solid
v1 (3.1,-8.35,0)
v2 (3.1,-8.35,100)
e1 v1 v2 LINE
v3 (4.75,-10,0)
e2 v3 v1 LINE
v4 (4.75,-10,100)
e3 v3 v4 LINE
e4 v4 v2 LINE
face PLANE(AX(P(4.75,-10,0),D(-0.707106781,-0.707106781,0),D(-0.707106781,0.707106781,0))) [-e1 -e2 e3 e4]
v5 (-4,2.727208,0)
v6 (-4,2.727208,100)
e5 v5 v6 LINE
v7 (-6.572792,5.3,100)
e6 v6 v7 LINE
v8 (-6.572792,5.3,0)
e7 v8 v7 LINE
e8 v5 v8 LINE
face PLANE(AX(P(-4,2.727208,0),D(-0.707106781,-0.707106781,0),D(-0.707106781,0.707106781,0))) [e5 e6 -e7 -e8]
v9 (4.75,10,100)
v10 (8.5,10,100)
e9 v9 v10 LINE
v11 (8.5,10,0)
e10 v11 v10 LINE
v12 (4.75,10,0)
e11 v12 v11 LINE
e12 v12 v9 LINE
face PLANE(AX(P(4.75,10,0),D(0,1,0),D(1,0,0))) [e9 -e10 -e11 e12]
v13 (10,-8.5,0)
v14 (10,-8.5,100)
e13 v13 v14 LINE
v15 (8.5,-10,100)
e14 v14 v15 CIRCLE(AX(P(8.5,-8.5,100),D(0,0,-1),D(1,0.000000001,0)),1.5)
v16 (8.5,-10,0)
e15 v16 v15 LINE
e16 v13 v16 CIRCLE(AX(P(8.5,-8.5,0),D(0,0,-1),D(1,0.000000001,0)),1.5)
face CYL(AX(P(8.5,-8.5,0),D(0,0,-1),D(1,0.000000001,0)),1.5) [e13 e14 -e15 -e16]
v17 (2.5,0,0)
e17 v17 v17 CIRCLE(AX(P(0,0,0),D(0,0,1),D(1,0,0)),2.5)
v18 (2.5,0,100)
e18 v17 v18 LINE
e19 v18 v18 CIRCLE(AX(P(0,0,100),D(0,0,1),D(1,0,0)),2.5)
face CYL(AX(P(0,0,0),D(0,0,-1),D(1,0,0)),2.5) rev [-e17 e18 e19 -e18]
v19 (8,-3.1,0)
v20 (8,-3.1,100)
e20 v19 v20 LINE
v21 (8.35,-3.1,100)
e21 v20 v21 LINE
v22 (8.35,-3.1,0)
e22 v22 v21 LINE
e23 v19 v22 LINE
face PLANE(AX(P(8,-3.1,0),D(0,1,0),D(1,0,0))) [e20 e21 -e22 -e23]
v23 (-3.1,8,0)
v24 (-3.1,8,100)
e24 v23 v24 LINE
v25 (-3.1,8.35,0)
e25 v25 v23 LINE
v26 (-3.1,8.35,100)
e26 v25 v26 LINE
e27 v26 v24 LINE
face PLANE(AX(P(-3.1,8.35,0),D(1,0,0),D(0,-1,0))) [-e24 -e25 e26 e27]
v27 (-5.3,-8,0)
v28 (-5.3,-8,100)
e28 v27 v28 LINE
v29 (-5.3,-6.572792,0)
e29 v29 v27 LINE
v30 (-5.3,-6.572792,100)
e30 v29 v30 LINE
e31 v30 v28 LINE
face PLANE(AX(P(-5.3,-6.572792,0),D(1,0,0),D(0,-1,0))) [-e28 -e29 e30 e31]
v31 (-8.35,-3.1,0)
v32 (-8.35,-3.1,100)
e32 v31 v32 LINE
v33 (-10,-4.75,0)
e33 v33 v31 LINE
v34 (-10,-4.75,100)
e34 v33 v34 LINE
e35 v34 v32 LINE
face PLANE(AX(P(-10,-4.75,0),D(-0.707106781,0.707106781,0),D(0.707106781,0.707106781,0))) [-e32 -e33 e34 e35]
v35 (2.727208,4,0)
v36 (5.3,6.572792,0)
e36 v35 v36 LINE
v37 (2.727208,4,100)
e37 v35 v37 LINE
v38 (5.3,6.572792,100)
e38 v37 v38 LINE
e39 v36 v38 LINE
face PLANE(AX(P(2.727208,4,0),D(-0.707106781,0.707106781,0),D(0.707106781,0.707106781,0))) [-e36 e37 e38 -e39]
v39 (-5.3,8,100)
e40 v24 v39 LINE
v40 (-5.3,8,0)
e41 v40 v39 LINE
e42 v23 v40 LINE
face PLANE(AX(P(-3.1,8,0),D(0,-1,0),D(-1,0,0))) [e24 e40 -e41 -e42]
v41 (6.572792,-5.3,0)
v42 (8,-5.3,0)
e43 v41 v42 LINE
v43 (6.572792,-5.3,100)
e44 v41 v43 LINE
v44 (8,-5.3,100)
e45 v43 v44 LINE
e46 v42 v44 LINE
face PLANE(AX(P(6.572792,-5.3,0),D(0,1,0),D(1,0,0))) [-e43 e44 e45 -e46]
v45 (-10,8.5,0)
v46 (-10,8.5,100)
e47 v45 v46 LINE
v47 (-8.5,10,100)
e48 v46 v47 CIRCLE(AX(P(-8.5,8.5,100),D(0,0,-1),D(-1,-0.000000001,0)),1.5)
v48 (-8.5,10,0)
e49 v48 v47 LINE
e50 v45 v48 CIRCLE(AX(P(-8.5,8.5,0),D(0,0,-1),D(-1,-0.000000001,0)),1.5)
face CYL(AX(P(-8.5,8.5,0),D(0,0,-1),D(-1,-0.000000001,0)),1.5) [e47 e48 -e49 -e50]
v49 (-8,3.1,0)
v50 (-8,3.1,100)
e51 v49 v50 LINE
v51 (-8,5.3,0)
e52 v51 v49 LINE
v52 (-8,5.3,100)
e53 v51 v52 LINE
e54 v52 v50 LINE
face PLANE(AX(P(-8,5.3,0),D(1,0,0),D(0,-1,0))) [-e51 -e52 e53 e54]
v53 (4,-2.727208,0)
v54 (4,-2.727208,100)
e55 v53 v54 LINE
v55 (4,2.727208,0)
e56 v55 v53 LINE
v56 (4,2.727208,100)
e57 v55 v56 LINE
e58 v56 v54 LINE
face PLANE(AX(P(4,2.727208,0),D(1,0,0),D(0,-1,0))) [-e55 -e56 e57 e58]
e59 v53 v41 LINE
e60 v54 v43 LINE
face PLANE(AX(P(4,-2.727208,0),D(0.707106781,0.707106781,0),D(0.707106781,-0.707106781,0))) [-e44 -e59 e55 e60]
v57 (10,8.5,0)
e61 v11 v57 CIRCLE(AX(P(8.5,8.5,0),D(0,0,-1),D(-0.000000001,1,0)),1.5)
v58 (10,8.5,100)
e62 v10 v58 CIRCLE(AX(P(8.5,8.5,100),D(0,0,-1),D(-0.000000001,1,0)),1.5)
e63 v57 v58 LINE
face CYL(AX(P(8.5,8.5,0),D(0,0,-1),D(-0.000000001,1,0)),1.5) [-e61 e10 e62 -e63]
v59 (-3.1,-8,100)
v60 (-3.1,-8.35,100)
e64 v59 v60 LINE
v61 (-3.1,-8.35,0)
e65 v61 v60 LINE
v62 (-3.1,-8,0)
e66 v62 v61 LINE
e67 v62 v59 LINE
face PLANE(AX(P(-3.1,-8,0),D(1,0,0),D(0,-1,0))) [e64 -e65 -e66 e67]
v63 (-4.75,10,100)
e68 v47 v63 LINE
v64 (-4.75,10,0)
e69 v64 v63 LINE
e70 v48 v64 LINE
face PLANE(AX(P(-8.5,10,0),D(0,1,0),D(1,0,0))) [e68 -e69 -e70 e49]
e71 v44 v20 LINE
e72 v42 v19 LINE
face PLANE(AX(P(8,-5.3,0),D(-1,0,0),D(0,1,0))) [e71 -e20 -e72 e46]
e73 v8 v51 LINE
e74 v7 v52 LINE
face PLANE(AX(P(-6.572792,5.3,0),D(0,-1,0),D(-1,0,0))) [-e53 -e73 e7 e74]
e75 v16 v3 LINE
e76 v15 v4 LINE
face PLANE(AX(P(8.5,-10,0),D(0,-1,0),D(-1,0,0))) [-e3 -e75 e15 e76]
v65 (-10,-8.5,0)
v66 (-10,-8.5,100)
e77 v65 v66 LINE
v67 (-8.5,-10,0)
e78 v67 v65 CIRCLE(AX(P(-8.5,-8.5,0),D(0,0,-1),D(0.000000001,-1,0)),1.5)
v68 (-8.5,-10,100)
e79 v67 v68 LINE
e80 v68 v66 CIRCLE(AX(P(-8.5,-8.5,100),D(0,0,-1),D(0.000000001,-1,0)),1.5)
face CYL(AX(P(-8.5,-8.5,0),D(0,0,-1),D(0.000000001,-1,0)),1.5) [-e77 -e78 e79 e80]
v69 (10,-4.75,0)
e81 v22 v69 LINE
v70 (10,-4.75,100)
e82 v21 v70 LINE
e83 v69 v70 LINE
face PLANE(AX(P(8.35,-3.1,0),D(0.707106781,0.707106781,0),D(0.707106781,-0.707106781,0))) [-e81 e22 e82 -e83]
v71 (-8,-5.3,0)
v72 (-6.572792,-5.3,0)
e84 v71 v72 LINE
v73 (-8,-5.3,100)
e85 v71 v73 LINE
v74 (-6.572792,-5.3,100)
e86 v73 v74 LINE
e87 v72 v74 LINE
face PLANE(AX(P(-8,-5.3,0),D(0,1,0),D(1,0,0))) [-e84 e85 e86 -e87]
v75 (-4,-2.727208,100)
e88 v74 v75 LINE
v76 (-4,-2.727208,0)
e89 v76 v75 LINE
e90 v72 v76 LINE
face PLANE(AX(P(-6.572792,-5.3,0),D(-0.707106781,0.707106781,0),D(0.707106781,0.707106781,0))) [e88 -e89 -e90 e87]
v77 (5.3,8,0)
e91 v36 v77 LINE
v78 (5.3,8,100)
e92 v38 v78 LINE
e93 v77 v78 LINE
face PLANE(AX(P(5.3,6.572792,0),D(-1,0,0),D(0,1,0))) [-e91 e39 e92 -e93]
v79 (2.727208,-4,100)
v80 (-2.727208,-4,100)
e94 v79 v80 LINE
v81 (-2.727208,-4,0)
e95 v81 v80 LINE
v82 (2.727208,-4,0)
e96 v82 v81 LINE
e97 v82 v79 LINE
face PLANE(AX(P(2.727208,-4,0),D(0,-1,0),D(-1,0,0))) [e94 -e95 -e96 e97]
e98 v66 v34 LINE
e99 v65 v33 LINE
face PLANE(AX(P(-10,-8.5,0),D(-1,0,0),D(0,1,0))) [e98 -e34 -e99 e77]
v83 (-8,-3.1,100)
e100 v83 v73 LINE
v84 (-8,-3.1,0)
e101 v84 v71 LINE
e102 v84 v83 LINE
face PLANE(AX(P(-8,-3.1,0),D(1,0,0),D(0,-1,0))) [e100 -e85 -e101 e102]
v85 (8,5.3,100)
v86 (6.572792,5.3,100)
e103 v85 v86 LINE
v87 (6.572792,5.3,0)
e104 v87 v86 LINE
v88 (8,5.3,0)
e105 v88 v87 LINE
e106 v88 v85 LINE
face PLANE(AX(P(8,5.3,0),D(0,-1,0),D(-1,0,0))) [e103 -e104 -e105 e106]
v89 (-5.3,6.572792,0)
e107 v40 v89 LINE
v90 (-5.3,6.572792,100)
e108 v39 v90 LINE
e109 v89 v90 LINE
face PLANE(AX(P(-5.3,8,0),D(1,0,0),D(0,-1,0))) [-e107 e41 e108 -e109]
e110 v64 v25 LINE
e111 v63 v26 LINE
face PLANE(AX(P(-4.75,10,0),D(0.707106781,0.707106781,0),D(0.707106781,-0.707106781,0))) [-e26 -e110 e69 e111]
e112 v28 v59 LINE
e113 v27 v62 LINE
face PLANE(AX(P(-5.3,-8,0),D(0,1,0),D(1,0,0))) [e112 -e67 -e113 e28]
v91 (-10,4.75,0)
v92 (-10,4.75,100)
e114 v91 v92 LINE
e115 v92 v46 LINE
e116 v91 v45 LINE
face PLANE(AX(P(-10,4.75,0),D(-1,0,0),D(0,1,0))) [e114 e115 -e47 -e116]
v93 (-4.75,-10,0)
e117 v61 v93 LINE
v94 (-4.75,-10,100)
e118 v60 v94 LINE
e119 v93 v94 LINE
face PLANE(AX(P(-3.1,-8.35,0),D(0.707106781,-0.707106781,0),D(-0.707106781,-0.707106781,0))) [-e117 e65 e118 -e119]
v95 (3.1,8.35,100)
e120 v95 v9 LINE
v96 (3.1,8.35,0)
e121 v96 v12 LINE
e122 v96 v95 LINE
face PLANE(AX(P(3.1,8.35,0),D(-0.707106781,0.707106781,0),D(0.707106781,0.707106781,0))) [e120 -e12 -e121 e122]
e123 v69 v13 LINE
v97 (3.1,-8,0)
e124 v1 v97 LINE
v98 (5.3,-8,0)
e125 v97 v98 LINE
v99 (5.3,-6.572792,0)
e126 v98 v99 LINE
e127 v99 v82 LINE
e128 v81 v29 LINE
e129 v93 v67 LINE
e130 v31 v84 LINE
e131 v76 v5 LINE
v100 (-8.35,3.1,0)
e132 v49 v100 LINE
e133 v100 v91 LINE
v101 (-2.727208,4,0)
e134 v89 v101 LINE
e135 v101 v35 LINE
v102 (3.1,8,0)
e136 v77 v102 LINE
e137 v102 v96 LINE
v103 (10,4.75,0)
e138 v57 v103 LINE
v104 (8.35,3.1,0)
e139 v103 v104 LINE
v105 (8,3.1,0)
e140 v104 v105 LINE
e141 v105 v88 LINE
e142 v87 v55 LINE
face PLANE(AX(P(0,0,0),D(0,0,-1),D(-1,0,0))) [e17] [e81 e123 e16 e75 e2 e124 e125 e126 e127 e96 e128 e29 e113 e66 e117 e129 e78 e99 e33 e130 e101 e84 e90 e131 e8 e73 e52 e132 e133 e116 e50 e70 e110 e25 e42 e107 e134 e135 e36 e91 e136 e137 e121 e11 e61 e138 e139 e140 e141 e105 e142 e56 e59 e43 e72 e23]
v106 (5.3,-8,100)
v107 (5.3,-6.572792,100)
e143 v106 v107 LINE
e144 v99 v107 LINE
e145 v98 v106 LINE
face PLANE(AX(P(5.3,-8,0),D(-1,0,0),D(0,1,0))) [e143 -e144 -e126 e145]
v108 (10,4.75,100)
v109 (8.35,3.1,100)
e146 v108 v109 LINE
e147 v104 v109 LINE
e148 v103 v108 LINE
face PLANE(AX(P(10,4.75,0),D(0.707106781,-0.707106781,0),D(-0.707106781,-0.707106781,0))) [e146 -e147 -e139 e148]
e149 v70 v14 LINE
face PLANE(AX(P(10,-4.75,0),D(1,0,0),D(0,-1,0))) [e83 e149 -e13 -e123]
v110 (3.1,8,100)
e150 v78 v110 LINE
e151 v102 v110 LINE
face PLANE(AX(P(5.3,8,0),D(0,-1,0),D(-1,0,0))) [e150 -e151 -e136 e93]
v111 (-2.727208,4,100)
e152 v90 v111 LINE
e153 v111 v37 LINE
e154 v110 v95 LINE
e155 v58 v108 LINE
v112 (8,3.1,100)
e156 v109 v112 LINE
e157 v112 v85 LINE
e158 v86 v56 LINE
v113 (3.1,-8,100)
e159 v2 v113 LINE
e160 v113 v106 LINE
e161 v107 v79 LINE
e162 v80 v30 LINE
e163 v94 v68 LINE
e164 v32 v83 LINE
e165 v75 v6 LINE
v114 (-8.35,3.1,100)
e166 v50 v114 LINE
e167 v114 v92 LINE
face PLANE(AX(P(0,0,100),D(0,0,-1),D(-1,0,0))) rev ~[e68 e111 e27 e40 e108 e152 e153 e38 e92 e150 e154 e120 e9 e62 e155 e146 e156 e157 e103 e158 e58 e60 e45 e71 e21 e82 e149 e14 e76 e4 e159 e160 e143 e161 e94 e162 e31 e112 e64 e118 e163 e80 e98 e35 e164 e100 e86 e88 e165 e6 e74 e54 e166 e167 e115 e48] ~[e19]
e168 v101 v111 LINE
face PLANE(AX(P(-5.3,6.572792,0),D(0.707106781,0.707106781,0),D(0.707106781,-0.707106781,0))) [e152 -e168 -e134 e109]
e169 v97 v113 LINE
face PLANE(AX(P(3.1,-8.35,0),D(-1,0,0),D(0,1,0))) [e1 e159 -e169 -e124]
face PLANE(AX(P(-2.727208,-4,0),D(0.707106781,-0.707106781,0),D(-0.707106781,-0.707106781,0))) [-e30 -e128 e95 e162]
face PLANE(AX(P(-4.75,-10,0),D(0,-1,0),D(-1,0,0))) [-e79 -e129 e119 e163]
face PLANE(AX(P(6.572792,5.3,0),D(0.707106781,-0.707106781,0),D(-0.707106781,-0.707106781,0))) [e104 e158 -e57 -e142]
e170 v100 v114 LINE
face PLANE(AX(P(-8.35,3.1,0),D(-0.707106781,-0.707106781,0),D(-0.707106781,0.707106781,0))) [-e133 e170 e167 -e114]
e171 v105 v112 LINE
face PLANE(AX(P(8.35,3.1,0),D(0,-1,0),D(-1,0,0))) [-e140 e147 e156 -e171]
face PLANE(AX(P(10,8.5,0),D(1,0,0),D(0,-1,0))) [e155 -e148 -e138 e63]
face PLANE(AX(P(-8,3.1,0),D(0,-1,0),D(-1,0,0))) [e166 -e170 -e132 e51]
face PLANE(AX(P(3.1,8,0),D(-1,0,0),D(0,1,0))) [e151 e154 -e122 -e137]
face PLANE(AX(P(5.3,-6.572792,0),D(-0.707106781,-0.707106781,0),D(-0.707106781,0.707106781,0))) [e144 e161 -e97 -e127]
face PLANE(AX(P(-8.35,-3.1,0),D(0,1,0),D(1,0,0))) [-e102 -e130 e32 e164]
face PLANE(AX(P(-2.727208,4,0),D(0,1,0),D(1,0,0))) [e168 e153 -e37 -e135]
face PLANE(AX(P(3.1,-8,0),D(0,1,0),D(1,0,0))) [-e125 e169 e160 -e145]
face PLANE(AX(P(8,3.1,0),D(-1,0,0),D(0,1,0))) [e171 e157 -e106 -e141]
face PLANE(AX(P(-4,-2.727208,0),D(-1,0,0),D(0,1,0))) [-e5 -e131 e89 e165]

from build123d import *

# Parameters (mm, degrees)
SKETCH2_R           = 2.5
BOSS_EXTRUDE1_DEPTH = 100


with BuildPart() as part:
    # Sketch2 → Boss-Extrude1 (new body)
    with BuildSketch(Plane.XY):
        with BuildLine():
            Line((-4, -2.727207794), (-4, 2.727207794))
            Line((-4, 2.727207794), (-6.572792206, 5.3))
            Line((-6.572792206, 5.3), (-8, 5.3))
            Line((-8, 5.3), (-8, 3.1))
            Line((-8, 3.1), (-8.35, 3.1))
            Line((-8.35, 3.1), (-10, 4.75))
            Line((-10, 4.75), (-10, 8.5))
            ThreePointArc((-10, 8.5), (-9.560660172, 9.560660172), (-8.5, 10))
            Line((-8.5, 10), (-4.75, 10))
            Line((-4.75, 10), (-3.1, 8.35))
            Line((-3.1, 8.35), (-3.1, 8))
            Line((-3.1, 8), (-5.3, 8))
            Line((-5.3, 8), (-5.3, 6.572792206))
            Line((-5.3, 6.572792206), (-2.727207794, 4))
            Line((-2.727207794, 4), (2.727207794, 4))
            Line((2.727207794, 4), (5.3, 6.572792206))
            Line((5.3, 6.572792206), (5.3, 8))
            Line((5.3, 8), (3.1, 8))
            Line((3.1, 8), (3.1, 8.35))
            Line((3.1, 8.35), (4.75, 10))
            Line((4.75, 10), (8.5, 10))
            ThreePointArc((8.5, 10), (9.560660172, 9.560660172), (10, 8.5))
            Line((10, 8.5), (10, 4.75))
            Line((10, 4.75), (8.35, 3.1))
            Line((8.35, 3.1), (8, 3.1))
            Line((8, 3.1), (8, 5.3))
            Line((8, 5.3), (6.572792206, 5.3))
            Line((6.572792206, 5.3), (4, 2.727207794))
            Line((4, 2.727207794), (4, -2.727207794))
            Line((4, -2.727207794), (6.572792206, -5.3))
            Line((6.572792206, -5.3), (8, -5.3))
            Line((8, -5.3), (8, -3.1))
            Line((8, -3.1), (8.35, -3.1))
            Line((8.35, -3.1), (10, -4.75))
            Line((10, -4.75), (10, -8.5))
            ThreePointArc((10, -8.5), (9.560660172, -9.560660172), (8.5, -10))
            Line((8.5, -10), (4.75, -10))
            Line((4.75, -10), (3.1, -8.35))
            Line((3.1, -8.35), (3.1, -8))
            Line((3.1, -8), (5.3, -8))
            Line((5.3, -8), (5.3, -6.572792206))
            Line((5.3, -6.572792206), (2.727207794, -4))
            Line((2.727207794, -4), (-2.727207794, -4))
            Line((-2.727207794, -4), (-5.3, -6.572792206))
            Line((-5.3, -6.572792206), (-5.3, -8))
            Line((-5.3, -8), (-3.1, -8))
            Line((-3.1, -8), (-3.1, -8.35))
            Line((-3.1, -8.35), (-4.75, -10))
            Line((-4.75, -10), (-8.5, -10))
            ThreePointArc((-8.5, -10), (-9.560660172, -9.560660172), (-10, -8.5))
            Line((-10, -8.5), (-10, -4.75))
            Line((-10, -4.75), (-8.35, -3.1))
            Line((-8.35, -3.1), (-8, -3.1))
            Line((-8, -3.1), (-8, -5.3))
            Line((-8, -5.3), (-6.572792206, -5.3))
            Line((-6.572792206, -5.3), (-4, -2.727207794))
        make_face()
        Circle(SKETCH2_R, mode=Mode.SUBTRACT)
    extrude(amount=BOSS_EXTRUDE1_DEPTH)


solid = part.part
